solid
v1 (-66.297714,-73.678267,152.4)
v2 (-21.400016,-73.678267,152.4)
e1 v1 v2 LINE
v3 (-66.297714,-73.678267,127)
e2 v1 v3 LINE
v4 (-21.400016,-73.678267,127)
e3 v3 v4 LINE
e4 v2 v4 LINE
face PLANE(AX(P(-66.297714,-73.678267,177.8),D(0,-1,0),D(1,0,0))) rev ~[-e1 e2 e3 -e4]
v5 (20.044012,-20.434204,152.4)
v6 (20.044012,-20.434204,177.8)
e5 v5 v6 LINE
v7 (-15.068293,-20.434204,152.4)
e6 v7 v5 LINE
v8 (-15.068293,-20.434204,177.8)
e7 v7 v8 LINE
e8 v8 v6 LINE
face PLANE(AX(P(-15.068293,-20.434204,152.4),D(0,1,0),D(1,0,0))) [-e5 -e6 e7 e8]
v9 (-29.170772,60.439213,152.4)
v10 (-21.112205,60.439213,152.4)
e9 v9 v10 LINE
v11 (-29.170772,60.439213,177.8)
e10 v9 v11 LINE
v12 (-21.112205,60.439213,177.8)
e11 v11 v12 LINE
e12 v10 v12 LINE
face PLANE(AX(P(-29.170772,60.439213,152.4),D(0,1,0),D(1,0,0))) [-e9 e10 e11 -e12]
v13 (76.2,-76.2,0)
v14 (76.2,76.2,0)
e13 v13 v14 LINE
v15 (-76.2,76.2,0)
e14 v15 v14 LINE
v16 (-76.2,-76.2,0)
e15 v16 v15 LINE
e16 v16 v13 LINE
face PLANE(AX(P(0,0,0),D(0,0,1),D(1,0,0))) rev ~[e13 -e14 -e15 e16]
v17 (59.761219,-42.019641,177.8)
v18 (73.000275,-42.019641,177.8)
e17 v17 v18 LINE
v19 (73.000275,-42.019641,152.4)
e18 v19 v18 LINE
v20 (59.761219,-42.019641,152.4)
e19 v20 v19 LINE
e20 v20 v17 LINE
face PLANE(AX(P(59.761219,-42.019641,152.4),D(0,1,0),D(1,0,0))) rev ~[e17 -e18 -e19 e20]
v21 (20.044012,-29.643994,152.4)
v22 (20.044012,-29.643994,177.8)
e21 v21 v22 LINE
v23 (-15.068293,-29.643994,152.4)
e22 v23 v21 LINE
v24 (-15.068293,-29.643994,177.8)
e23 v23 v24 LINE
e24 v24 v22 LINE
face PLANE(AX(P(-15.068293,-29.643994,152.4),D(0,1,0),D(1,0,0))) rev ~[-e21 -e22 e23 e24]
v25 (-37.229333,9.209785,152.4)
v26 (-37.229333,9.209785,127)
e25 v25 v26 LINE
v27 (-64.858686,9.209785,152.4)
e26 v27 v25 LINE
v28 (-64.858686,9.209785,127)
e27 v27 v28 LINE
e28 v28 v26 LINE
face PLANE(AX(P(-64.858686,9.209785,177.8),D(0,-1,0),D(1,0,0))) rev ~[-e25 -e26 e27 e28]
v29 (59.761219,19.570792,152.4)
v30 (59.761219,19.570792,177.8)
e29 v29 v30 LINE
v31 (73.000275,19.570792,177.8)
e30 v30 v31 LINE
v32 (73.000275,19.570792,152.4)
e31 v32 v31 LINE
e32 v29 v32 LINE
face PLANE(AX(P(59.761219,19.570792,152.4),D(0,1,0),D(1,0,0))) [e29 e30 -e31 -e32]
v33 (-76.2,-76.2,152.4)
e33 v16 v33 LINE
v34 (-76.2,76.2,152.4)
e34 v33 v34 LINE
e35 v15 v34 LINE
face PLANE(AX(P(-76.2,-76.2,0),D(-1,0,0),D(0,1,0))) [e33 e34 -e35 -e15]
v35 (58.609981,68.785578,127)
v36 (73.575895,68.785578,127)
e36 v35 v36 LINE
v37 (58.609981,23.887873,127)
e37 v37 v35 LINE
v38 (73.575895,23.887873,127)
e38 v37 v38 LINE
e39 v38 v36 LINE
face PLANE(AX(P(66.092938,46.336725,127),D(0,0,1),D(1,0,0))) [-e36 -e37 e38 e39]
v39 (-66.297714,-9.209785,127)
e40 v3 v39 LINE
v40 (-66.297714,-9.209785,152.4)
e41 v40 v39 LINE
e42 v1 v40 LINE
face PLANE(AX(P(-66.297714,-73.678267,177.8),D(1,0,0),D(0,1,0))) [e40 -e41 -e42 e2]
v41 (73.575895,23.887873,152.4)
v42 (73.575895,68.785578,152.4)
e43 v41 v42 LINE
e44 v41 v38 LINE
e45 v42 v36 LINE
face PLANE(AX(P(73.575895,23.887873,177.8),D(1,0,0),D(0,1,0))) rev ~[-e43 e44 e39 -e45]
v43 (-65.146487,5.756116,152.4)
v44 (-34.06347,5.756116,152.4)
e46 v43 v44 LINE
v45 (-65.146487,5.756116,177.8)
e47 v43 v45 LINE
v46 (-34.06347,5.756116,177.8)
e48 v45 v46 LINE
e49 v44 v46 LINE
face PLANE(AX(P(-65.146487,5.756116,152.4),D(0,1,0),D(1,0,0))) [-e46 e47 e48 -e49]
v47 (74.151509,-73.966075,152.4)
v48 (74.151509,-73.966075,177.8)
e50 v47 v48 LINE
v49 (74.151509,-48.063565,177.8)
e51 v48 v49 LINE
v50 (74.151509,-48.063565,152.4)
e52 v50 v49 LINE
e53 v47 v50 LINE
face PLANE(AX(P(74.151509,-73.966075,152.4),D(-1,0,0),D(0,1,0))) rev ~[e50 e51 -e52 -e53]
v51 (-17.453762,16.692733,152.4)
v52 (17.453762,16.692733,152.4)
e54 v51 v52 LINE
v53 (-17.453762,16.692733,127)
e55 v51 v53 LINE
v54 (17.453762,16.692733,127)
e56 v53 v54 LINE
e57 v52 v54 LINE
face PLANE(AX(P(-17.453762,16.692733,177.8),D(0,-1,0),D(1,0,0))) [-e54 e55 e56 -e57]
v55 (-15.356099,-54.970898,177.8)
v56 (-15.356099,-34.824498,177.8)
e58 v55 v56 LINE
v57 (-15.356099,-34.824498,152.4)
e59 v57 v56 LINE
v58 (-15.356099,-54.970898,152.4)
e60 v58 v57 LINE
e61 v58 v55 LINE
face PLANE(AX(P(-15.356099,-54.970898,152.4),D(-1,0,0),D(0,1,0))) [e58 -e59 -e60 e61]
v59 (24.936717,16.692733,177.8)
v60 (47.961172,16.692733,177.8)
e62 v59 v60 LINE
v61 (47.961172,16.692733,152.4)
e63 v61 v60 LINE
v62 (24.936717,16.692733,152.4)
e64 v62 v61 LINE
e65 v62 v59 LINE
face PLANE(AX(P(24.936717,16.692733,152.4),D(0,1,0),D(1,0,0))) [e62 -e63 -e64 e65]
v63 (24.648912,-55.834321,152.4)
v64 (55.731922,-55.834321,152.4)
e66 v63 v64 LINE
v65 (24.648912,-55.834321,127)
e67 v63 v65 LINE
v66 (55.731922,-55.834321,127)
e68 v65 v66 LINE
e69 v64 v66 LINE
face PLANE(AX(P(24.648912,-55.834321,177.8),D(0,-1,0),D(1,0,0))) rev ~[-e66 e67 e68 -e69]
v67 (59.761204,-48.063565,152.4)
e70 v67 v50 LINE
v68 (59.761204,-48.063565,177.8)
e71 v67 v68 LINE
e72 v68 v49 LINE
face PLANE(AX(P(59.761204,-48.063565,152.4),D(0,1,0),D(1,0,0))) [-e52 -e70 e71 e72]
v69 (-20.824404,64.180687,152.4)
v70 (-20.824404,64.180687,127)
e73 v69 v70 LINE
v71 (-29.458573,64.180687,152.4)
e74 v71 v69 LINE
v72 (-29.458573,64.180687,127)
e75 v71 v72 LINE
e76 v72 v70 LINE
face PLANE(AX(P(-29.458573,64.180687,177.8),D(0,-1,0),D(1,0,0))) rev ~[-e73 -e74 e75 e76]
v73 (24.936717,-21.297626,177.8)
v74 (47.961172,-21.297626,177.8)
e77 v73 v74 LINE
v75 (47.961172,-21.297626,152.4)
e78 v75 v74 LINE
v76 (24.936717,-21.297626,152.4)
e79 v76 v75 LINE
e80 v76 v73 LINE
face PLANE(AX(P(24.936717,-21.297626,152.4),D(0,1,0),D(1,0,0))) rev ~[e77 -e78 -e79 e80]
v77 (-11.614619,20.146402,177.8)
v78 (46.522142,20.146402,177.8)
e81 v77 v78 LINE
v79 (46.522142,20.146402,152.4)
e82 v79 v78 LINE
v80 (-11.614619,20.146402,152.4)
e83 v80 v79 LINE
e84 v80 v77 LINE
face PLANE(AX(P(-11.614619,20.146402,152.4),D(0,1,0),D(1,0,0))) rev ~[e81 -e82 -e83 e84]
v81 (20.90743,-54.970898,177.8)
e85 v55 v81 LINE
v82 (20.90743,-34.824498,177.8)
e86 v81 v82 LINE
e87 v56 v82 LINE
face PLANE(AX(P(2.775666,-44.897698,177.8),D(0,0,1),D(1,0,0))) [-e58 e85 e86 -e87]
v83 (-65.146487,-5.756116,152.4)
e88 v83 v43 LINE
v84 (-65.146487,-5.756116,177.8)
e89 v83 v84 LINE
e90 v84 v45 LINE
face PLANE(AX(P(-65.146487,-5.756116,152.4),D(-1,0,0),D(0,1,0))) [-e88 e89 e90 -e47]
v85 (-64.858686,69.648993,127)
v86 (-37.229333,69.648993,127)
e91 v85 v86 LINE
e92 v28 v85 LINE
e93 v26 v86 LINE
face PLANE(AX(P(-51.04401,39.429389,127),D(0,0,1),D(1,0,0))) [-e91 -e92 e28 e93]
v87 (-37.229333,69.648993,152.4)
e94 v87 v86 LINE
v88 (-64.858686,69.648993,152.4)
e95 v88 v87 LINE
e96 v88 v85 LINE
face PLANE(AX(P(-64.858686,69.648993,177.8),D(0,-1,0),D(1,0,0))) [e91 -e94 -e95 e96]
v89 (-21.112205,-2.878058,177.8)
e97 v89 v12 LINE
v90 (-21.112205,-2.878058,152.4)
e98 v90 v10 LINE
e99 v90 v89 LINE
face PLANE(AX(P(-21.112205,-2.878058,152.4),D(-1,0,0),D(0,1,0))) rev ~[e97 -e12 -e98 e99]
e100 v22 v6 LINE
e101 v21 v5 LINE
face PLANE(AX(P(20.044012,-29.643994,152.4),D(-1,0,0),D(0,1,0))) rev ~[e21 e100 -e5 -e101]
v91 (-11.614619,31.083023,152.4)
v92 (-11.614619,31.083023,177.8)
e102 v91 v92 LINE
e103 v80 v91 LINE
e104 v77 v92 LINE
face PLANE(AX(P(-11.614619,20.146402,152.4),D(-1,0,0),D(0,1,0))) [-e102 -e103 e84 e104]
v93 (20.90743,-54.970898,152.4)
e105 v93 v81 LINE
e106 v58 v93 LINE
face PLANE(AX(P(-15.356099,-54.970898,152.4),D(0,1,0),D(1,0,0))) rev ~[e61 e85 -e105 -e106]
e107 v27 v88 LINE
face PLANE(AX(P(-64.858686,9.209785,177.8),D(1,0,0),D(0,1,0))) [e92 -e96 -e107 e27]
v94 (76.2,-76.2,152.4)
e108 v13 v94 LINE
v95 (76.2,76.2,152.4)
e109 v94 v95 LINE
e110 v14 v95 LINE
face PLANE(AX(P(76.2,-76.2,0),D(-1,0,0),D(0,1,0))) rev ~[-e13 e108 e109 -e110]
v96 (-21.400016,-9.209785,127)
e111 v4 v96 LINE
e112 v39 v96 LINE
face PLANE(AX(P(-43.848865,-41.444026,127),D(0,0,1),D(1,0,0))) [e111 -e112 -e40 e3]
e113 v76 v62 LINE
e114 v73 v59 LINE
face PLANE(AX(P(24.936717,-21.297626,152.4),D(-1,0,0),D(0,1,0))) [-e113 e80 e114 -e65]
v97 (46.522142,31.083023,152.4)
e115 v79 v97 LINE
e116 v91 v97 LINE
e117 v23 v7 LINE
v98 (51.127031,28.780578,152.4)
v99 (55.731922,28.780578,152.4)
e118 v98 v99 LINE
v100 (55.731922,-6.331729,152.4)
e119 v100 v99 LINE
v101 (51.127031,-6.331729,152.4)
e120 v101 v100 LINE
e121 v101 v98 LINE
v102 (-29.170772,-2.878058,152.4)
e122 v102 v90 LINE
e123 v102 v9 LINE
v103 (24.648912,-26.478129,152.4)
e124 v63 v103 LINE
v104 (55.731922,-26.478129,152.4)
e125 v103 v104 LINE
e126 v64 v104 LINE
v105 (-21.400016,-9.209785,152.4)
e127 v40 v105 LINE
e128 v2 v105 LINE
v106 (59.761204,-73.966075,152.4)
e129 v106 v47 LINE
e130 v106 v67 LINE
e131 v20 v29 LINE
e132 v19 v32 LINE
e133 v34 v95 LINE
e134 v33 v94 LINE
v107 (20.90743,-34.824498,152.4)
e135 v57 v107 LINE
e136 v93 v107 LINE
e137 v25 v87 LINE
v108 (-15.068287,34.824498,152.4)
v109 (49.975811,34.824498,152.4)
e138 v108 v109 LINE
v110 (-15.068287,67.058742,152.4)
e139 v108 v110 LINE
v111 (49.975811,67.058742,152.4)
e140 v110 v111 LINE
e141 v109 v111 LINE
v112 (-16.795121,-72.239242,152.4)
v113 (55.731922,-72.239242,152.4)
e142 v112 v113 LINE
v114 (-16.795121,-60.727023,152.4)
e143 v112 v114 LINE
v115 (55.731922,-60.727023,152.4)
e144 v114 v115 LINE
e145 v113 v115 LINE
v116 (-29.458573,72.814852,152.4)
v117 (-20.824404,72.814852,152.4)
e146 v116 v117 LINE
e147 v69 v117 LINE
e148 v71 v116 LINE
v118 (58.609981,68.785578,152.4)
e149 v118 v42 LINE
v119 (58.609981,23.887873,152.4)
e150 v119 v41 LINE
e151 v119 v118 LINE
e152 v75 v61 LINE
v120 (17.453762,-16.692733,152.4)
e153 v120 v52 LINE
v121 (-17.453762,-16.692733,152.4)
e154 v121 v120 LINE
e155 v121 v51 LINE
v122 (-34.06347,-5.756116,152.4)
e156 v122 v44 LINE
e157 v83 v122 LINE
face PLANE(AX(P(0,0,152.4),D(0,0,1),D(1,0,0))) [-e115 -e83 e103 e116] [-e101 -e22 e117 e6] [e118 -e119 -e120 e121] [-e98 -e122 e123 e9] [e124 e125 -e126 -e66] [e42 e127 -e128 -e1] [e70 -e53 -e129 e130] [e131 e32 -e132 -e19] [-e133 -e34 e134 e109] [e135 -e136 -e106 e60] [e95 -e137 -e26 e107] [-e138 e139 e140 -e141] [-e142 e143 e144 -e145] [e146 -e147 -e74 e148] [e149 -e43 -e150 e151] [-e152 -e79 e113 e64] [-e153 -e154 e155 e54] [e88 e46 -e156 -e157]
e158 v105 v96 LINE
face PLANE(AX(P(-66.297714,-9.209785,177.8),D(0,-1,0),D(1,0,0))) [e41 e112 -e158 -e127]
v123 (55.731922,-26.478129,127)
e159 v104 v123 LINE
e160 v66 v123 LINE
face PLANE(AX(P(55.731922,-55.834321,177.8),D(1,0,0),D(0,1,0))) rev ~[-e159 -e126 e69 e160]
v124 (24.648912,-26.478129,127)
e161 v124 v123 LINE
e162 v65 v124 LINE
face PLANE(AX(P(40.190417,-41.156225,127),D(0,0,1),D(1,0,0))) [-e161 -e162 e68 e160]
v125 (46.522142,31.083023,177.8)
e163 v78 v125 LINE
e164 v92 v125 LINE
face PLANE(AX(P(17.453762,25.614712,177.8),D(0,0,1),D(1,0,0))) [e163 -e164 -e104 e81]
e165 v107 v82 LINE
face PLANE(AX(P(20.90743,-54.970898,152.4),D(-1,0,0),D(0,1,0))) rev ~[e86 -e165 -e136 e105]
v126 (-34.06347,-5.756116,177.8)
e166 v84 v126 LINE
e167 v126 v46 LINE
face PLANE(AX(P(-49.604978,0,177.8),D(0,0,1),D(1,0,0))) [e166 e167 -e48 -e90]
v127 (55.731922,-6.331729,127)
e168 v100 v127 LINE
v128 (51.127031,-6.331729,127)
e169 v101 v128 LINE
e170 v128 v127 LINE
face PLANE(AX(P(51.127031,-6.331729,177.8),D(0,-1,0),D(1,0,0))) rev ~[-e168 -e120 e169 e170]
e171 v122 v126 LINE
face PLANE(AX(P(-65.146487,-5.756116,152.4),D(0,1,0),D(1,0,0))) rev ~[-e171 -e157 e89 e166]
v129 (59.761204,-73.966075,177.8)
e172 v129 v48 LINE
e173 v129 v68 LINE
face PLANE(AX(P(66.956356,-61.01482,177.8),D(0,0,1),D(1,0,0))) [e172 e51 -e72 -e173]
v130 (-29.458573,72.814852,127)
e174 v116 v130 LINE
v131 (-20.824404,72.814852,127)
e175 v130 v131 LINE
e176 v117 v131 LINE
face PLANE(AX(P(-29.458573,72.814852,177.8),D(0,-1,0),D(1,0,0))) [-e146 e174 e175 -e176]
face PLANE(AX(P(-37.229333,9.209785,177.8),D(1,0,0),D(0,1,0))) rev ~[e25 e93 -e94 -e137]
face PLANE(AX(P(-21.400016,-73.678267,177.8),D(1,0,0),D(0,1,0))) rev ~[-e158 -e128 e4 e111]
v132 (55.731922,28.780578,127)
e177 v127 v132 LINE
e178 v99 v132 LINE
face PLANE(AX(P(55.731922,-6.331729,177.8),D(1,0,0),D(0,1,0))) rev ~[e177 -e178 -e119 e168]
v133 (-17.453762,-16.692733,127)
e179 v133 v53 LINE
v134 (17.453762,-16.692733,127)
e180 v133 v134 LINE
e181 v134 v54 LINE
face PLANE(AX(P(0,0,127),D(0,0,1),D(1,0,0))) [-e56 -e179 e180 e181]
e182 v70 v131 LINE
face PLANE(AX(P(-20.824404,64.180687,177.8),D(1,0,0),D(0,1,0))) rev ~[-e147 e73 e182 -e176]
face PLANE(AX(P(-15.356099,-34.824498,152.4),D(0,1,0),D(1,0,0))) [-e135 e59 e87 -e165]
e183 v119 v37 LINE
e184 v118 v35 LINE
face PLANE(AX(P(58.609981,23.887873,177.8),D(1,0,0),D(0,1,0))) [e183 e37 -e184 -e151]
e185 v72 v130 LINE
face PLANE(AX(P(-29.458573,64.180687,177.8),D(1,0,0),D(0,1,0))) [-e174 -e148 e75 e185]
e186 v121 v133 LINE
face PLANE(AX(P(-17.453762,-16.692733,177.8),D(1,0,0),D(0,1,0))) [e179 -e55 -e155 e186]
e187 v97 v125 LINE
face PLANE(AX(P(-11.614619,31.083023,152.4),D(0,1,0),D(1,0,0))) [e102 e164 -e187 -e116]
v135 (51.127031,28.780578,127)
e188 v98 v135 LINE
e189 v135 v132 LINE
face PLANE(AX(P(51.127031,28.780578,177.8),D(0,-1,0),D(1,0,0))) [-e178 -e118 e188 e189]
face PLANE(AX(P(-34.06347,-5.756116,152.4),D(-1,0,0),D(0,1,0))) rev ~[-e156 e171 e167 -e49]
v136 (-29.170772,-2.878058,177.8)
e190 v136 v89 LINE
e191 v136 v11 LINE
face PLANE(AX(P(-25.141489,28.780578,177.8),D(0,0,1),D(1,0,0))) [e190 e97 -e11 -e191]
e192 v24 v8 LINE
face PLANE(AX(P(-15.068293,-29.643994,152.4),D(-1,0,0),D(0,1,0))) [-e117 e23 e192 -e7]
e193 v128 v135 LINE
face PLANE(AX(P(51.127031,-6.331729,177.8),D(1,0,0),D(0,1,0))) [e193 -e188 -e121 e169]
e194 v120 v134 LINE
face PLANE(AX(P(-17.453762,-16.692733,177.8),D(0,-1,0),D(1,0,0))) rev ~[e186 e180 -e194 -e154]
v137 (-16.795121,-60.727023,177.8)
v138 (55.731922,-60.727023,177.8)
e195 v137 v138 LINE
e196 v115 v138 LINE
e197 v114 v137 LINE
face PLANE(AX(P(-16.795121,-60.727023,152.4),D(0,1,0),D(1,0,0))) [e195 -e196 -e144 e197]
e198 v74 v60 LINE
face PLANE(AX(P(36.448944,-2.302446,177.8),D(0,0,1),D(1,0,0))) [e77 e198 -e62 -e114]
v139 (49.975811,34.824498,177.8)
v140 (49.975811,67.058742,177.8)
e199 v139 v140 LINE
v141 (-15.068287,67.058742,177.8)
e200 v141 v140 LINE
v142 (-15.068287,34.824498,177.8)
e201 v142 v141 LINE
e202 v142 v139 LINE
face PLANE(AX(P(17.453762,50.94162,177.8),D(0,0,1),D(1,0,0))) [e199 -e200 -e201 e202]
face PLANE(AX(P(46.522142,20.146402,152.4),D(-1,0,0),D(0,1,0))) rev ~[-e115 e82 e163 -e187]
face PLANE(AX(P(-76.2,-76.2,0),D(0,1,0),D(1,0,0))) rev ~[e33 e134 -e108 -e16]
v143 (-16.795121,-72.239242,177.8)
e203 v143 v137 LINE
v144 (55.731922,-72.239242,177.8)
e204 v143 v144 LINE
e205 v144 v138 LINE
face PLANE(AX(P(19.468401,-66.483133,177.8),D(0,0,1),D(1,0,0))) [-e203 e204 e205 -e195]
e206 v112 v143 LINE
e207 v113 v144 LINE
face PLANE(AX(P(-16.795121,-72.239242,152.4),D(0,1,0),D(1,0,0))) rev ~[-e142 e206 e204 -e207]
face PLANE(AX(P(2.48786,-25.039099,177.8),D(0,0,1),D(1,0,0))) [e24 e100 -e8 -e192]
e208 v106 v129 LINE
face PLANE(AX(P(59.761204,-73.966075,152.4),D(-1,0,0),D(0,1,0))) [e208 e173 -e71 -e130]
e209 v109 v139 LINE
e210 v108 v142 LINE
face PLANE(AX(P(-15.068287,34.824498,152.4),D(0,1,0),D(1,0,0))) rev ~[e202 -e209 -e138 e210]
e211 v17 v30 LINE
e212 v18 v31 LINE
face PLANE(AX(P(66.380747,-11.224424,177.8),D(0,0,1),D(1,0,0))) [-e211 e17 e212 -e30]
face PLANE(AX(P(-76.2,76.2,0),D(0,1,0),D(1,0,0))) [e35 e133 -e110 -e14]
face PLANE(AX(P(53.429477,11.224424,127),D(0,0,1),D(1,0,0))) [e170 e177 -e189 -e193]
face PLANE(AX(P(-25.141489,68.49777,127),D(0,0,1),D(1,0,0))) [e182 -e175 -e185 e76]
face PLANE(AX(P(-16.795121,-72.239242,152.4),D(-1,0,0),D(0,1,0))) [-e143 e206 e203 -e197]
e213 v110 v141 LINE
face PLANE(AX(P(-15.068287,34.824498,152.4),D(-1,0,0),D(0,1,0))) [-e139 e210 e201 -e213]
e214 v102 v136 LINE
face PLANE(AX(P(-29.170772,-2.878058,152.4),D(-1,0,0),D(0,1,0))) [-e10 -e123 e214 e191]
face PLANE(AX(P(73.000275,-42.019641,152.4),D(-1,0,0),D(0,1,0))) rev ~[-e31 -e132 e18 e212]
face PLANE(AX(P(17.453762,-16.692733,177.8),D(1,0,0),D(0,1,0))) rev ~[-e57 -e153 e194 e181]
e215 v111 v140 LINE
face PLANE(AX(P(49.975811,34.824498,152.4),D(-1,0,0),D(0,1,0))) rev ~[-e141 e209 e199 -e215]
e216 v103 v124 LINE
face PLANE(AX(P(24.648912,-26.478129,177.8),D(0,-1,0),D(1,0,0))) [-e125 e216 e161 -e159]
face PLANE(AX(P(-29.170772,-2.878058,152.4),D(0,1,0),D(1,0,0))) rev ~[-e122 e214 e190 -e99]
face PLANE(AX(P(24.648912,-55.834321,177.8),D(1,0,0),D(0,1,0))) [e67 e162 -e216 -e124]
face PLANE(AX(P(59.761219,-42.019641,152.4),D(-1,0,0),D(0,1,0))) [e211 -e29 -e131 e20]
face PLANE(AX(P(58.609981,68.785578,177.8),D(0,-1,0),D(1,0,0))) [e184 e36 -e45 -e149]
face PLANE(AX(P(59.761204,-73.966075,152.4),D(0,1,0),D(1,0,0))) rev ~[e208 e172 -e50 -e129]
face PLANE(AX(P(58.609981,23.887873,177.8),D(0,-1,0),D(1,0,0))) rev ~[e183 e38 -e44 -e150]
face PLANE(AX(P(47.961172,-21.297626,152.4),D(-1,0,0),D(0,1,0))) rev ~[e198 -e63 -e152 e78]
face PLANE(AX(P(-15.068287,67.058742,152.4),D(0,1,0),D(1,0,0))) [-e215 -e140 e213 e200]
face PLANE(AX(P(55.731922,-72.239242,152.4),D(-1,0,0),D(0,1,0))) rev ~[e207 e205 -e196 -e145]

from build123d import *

# Parameters (mm, degrees)
F0_W     = 152.4
F0_H     = 152.4
F1_DEPTH = 152.4
F2_W     = 34.9075235426
F2_H     = 33.3854667842
F2_W_2   = 35.112304613
F2_H_2   = 9.2097893357
F2_W_3   = 58.1367611885
F2_H_3   = 10.9366215765
F2_W_4   = 8.0585666001
F2_H_4   = 63.3172709495
F2_W_5   = 44.897697866
F2_H_5   = 64.4684825093
F2_W_6   = 27.629353106
F2_H_6   = 60.4392085224
F2_W_7   = 31.0830175877
F2_H_7   = 11.5122310817
F2_W_8   = 65.0440976024
F2_H_8   = 32.2342440486
F2_W_9   = 8.6341686547
F2_H_9   = 8.6341649294
F2_W_10  = 14.9659141898
F2_H_10  = 44.8977053165
F2_W_11  = 4.6048909426
F2_H_11  = 35.1123064756
F2_W_12  = 23.0244547129
F2_H_12  = 37.9903591238
F2_W_13  = 13.239055872
F2_H_13  = 61.5904331207
F2_W_14  = 31.0830101371
F2_H_14  = 29.3561927974
F2_W_15  = 14.3903046846
F2_H_15  = 25.9025096893
F2_W_16  = 72.5270435214
F2_H_16  = 11.5122199059
F2_W_17  = 36.2635287456
F2_H_17  = 20.1463997364
F3_DEPTH = 25.4
F4_DEPTH = 50.8


with BuildPart() as f1:
    # F0 (on Top) → F1 (new body)
    with BuildSketch(Plane.XY):
        Rectangle(F0_W, F0_H)
    extrude(amount=F1_DEPTH)

    # F2 (on face) → F3 (join)
    with BuildSketch(Plane.XY.offset(152.4)):
        Rectangle(F2_W, F2_H)
        with Locations((2.4878596887, -25.0390991569)):
            Rectangle(F2_W_2, F2_H_2)
        with Locations((17.4537617713, 25.6147123873)):
            Rectangle(F2_W_3, F2_H_3)
        with Locations((-25.1414887607, 28.7805777043)):
            Rectangle(F2_W_4, F2_H_4)
        with Locations((-43.8488647342, -41.4440259337)):
            Rectangle(F2_W_5, F2_H_5)
        with Locations((-51.0440096259, 39.4293889403)):
            Rectangle(F2_W_6, F2_H_6)
        with Locations((-49.6049784124, 0)):
            Rectangle(F2_W_7, F2_H_7)
        with Locations((17.4537617713, 50.9416200221)):
            Rectangle(F2_W_8, F2_H_8)
        with Locations((-25.1414887607, 68.4977695346)):
            Rectangle(F2_W_9, F2_H_9)
        with Locations((66.0929381847, 46.3367253542)):
            Rectangle(F2_W_10, F2_H_10)
        with Locations((53.4294769168, 11.2244244665)):
            Rectangle(F2_W_11, F2_H_11)
        with Locations((36.44894436, -2.3024461698)):
            Rectangle(F2_W_12, F2_H_12)
        with Locations((66.3807466626, -11.2244244665)):
            Rectangle(F2_W_13, F2_H_13)
        with Locations((40.1904173195, -41.1562249064)):
            Rectangle(F2_W_14, F2_H_14)
        with Locations((66.9563561678, -61.0148198903)):
            Rectangle(F2_W_15, F2_H_15)
        with Locations((19.4684006274, -66.4831325412)):
            Rectangle(F2_W_16, F2_H_16)
        with Locations((2.7756656054, -44.897697866)):
            Rectangle(F2_W_17, F2_H_17)
    extrude(amount=F3_DEPTH)

    # F4 (cut): faces of the model
    f4_faces = [f1.faces().sort_by_distance(p)[0] for p in [
        (-51.0440096259, 39.4293889403, 177.8),
        (0, 0, 177.8),
        (40.1904173195, -41.1562249064, 177.8),
        (-43.8488647342, -41.4440259337, 177.8),
        (66.0929381847, 46.3367253542, 177.8),
        (-25.1414887607, 68.4977695346, 177.8),
        (53.4294769168, 11.2244244665, 177.8),
    ]]
    extrude(f4_faces, amount=-F4_DEPTH, mode=Mode.SUBTRACT)


solid = f1.part
